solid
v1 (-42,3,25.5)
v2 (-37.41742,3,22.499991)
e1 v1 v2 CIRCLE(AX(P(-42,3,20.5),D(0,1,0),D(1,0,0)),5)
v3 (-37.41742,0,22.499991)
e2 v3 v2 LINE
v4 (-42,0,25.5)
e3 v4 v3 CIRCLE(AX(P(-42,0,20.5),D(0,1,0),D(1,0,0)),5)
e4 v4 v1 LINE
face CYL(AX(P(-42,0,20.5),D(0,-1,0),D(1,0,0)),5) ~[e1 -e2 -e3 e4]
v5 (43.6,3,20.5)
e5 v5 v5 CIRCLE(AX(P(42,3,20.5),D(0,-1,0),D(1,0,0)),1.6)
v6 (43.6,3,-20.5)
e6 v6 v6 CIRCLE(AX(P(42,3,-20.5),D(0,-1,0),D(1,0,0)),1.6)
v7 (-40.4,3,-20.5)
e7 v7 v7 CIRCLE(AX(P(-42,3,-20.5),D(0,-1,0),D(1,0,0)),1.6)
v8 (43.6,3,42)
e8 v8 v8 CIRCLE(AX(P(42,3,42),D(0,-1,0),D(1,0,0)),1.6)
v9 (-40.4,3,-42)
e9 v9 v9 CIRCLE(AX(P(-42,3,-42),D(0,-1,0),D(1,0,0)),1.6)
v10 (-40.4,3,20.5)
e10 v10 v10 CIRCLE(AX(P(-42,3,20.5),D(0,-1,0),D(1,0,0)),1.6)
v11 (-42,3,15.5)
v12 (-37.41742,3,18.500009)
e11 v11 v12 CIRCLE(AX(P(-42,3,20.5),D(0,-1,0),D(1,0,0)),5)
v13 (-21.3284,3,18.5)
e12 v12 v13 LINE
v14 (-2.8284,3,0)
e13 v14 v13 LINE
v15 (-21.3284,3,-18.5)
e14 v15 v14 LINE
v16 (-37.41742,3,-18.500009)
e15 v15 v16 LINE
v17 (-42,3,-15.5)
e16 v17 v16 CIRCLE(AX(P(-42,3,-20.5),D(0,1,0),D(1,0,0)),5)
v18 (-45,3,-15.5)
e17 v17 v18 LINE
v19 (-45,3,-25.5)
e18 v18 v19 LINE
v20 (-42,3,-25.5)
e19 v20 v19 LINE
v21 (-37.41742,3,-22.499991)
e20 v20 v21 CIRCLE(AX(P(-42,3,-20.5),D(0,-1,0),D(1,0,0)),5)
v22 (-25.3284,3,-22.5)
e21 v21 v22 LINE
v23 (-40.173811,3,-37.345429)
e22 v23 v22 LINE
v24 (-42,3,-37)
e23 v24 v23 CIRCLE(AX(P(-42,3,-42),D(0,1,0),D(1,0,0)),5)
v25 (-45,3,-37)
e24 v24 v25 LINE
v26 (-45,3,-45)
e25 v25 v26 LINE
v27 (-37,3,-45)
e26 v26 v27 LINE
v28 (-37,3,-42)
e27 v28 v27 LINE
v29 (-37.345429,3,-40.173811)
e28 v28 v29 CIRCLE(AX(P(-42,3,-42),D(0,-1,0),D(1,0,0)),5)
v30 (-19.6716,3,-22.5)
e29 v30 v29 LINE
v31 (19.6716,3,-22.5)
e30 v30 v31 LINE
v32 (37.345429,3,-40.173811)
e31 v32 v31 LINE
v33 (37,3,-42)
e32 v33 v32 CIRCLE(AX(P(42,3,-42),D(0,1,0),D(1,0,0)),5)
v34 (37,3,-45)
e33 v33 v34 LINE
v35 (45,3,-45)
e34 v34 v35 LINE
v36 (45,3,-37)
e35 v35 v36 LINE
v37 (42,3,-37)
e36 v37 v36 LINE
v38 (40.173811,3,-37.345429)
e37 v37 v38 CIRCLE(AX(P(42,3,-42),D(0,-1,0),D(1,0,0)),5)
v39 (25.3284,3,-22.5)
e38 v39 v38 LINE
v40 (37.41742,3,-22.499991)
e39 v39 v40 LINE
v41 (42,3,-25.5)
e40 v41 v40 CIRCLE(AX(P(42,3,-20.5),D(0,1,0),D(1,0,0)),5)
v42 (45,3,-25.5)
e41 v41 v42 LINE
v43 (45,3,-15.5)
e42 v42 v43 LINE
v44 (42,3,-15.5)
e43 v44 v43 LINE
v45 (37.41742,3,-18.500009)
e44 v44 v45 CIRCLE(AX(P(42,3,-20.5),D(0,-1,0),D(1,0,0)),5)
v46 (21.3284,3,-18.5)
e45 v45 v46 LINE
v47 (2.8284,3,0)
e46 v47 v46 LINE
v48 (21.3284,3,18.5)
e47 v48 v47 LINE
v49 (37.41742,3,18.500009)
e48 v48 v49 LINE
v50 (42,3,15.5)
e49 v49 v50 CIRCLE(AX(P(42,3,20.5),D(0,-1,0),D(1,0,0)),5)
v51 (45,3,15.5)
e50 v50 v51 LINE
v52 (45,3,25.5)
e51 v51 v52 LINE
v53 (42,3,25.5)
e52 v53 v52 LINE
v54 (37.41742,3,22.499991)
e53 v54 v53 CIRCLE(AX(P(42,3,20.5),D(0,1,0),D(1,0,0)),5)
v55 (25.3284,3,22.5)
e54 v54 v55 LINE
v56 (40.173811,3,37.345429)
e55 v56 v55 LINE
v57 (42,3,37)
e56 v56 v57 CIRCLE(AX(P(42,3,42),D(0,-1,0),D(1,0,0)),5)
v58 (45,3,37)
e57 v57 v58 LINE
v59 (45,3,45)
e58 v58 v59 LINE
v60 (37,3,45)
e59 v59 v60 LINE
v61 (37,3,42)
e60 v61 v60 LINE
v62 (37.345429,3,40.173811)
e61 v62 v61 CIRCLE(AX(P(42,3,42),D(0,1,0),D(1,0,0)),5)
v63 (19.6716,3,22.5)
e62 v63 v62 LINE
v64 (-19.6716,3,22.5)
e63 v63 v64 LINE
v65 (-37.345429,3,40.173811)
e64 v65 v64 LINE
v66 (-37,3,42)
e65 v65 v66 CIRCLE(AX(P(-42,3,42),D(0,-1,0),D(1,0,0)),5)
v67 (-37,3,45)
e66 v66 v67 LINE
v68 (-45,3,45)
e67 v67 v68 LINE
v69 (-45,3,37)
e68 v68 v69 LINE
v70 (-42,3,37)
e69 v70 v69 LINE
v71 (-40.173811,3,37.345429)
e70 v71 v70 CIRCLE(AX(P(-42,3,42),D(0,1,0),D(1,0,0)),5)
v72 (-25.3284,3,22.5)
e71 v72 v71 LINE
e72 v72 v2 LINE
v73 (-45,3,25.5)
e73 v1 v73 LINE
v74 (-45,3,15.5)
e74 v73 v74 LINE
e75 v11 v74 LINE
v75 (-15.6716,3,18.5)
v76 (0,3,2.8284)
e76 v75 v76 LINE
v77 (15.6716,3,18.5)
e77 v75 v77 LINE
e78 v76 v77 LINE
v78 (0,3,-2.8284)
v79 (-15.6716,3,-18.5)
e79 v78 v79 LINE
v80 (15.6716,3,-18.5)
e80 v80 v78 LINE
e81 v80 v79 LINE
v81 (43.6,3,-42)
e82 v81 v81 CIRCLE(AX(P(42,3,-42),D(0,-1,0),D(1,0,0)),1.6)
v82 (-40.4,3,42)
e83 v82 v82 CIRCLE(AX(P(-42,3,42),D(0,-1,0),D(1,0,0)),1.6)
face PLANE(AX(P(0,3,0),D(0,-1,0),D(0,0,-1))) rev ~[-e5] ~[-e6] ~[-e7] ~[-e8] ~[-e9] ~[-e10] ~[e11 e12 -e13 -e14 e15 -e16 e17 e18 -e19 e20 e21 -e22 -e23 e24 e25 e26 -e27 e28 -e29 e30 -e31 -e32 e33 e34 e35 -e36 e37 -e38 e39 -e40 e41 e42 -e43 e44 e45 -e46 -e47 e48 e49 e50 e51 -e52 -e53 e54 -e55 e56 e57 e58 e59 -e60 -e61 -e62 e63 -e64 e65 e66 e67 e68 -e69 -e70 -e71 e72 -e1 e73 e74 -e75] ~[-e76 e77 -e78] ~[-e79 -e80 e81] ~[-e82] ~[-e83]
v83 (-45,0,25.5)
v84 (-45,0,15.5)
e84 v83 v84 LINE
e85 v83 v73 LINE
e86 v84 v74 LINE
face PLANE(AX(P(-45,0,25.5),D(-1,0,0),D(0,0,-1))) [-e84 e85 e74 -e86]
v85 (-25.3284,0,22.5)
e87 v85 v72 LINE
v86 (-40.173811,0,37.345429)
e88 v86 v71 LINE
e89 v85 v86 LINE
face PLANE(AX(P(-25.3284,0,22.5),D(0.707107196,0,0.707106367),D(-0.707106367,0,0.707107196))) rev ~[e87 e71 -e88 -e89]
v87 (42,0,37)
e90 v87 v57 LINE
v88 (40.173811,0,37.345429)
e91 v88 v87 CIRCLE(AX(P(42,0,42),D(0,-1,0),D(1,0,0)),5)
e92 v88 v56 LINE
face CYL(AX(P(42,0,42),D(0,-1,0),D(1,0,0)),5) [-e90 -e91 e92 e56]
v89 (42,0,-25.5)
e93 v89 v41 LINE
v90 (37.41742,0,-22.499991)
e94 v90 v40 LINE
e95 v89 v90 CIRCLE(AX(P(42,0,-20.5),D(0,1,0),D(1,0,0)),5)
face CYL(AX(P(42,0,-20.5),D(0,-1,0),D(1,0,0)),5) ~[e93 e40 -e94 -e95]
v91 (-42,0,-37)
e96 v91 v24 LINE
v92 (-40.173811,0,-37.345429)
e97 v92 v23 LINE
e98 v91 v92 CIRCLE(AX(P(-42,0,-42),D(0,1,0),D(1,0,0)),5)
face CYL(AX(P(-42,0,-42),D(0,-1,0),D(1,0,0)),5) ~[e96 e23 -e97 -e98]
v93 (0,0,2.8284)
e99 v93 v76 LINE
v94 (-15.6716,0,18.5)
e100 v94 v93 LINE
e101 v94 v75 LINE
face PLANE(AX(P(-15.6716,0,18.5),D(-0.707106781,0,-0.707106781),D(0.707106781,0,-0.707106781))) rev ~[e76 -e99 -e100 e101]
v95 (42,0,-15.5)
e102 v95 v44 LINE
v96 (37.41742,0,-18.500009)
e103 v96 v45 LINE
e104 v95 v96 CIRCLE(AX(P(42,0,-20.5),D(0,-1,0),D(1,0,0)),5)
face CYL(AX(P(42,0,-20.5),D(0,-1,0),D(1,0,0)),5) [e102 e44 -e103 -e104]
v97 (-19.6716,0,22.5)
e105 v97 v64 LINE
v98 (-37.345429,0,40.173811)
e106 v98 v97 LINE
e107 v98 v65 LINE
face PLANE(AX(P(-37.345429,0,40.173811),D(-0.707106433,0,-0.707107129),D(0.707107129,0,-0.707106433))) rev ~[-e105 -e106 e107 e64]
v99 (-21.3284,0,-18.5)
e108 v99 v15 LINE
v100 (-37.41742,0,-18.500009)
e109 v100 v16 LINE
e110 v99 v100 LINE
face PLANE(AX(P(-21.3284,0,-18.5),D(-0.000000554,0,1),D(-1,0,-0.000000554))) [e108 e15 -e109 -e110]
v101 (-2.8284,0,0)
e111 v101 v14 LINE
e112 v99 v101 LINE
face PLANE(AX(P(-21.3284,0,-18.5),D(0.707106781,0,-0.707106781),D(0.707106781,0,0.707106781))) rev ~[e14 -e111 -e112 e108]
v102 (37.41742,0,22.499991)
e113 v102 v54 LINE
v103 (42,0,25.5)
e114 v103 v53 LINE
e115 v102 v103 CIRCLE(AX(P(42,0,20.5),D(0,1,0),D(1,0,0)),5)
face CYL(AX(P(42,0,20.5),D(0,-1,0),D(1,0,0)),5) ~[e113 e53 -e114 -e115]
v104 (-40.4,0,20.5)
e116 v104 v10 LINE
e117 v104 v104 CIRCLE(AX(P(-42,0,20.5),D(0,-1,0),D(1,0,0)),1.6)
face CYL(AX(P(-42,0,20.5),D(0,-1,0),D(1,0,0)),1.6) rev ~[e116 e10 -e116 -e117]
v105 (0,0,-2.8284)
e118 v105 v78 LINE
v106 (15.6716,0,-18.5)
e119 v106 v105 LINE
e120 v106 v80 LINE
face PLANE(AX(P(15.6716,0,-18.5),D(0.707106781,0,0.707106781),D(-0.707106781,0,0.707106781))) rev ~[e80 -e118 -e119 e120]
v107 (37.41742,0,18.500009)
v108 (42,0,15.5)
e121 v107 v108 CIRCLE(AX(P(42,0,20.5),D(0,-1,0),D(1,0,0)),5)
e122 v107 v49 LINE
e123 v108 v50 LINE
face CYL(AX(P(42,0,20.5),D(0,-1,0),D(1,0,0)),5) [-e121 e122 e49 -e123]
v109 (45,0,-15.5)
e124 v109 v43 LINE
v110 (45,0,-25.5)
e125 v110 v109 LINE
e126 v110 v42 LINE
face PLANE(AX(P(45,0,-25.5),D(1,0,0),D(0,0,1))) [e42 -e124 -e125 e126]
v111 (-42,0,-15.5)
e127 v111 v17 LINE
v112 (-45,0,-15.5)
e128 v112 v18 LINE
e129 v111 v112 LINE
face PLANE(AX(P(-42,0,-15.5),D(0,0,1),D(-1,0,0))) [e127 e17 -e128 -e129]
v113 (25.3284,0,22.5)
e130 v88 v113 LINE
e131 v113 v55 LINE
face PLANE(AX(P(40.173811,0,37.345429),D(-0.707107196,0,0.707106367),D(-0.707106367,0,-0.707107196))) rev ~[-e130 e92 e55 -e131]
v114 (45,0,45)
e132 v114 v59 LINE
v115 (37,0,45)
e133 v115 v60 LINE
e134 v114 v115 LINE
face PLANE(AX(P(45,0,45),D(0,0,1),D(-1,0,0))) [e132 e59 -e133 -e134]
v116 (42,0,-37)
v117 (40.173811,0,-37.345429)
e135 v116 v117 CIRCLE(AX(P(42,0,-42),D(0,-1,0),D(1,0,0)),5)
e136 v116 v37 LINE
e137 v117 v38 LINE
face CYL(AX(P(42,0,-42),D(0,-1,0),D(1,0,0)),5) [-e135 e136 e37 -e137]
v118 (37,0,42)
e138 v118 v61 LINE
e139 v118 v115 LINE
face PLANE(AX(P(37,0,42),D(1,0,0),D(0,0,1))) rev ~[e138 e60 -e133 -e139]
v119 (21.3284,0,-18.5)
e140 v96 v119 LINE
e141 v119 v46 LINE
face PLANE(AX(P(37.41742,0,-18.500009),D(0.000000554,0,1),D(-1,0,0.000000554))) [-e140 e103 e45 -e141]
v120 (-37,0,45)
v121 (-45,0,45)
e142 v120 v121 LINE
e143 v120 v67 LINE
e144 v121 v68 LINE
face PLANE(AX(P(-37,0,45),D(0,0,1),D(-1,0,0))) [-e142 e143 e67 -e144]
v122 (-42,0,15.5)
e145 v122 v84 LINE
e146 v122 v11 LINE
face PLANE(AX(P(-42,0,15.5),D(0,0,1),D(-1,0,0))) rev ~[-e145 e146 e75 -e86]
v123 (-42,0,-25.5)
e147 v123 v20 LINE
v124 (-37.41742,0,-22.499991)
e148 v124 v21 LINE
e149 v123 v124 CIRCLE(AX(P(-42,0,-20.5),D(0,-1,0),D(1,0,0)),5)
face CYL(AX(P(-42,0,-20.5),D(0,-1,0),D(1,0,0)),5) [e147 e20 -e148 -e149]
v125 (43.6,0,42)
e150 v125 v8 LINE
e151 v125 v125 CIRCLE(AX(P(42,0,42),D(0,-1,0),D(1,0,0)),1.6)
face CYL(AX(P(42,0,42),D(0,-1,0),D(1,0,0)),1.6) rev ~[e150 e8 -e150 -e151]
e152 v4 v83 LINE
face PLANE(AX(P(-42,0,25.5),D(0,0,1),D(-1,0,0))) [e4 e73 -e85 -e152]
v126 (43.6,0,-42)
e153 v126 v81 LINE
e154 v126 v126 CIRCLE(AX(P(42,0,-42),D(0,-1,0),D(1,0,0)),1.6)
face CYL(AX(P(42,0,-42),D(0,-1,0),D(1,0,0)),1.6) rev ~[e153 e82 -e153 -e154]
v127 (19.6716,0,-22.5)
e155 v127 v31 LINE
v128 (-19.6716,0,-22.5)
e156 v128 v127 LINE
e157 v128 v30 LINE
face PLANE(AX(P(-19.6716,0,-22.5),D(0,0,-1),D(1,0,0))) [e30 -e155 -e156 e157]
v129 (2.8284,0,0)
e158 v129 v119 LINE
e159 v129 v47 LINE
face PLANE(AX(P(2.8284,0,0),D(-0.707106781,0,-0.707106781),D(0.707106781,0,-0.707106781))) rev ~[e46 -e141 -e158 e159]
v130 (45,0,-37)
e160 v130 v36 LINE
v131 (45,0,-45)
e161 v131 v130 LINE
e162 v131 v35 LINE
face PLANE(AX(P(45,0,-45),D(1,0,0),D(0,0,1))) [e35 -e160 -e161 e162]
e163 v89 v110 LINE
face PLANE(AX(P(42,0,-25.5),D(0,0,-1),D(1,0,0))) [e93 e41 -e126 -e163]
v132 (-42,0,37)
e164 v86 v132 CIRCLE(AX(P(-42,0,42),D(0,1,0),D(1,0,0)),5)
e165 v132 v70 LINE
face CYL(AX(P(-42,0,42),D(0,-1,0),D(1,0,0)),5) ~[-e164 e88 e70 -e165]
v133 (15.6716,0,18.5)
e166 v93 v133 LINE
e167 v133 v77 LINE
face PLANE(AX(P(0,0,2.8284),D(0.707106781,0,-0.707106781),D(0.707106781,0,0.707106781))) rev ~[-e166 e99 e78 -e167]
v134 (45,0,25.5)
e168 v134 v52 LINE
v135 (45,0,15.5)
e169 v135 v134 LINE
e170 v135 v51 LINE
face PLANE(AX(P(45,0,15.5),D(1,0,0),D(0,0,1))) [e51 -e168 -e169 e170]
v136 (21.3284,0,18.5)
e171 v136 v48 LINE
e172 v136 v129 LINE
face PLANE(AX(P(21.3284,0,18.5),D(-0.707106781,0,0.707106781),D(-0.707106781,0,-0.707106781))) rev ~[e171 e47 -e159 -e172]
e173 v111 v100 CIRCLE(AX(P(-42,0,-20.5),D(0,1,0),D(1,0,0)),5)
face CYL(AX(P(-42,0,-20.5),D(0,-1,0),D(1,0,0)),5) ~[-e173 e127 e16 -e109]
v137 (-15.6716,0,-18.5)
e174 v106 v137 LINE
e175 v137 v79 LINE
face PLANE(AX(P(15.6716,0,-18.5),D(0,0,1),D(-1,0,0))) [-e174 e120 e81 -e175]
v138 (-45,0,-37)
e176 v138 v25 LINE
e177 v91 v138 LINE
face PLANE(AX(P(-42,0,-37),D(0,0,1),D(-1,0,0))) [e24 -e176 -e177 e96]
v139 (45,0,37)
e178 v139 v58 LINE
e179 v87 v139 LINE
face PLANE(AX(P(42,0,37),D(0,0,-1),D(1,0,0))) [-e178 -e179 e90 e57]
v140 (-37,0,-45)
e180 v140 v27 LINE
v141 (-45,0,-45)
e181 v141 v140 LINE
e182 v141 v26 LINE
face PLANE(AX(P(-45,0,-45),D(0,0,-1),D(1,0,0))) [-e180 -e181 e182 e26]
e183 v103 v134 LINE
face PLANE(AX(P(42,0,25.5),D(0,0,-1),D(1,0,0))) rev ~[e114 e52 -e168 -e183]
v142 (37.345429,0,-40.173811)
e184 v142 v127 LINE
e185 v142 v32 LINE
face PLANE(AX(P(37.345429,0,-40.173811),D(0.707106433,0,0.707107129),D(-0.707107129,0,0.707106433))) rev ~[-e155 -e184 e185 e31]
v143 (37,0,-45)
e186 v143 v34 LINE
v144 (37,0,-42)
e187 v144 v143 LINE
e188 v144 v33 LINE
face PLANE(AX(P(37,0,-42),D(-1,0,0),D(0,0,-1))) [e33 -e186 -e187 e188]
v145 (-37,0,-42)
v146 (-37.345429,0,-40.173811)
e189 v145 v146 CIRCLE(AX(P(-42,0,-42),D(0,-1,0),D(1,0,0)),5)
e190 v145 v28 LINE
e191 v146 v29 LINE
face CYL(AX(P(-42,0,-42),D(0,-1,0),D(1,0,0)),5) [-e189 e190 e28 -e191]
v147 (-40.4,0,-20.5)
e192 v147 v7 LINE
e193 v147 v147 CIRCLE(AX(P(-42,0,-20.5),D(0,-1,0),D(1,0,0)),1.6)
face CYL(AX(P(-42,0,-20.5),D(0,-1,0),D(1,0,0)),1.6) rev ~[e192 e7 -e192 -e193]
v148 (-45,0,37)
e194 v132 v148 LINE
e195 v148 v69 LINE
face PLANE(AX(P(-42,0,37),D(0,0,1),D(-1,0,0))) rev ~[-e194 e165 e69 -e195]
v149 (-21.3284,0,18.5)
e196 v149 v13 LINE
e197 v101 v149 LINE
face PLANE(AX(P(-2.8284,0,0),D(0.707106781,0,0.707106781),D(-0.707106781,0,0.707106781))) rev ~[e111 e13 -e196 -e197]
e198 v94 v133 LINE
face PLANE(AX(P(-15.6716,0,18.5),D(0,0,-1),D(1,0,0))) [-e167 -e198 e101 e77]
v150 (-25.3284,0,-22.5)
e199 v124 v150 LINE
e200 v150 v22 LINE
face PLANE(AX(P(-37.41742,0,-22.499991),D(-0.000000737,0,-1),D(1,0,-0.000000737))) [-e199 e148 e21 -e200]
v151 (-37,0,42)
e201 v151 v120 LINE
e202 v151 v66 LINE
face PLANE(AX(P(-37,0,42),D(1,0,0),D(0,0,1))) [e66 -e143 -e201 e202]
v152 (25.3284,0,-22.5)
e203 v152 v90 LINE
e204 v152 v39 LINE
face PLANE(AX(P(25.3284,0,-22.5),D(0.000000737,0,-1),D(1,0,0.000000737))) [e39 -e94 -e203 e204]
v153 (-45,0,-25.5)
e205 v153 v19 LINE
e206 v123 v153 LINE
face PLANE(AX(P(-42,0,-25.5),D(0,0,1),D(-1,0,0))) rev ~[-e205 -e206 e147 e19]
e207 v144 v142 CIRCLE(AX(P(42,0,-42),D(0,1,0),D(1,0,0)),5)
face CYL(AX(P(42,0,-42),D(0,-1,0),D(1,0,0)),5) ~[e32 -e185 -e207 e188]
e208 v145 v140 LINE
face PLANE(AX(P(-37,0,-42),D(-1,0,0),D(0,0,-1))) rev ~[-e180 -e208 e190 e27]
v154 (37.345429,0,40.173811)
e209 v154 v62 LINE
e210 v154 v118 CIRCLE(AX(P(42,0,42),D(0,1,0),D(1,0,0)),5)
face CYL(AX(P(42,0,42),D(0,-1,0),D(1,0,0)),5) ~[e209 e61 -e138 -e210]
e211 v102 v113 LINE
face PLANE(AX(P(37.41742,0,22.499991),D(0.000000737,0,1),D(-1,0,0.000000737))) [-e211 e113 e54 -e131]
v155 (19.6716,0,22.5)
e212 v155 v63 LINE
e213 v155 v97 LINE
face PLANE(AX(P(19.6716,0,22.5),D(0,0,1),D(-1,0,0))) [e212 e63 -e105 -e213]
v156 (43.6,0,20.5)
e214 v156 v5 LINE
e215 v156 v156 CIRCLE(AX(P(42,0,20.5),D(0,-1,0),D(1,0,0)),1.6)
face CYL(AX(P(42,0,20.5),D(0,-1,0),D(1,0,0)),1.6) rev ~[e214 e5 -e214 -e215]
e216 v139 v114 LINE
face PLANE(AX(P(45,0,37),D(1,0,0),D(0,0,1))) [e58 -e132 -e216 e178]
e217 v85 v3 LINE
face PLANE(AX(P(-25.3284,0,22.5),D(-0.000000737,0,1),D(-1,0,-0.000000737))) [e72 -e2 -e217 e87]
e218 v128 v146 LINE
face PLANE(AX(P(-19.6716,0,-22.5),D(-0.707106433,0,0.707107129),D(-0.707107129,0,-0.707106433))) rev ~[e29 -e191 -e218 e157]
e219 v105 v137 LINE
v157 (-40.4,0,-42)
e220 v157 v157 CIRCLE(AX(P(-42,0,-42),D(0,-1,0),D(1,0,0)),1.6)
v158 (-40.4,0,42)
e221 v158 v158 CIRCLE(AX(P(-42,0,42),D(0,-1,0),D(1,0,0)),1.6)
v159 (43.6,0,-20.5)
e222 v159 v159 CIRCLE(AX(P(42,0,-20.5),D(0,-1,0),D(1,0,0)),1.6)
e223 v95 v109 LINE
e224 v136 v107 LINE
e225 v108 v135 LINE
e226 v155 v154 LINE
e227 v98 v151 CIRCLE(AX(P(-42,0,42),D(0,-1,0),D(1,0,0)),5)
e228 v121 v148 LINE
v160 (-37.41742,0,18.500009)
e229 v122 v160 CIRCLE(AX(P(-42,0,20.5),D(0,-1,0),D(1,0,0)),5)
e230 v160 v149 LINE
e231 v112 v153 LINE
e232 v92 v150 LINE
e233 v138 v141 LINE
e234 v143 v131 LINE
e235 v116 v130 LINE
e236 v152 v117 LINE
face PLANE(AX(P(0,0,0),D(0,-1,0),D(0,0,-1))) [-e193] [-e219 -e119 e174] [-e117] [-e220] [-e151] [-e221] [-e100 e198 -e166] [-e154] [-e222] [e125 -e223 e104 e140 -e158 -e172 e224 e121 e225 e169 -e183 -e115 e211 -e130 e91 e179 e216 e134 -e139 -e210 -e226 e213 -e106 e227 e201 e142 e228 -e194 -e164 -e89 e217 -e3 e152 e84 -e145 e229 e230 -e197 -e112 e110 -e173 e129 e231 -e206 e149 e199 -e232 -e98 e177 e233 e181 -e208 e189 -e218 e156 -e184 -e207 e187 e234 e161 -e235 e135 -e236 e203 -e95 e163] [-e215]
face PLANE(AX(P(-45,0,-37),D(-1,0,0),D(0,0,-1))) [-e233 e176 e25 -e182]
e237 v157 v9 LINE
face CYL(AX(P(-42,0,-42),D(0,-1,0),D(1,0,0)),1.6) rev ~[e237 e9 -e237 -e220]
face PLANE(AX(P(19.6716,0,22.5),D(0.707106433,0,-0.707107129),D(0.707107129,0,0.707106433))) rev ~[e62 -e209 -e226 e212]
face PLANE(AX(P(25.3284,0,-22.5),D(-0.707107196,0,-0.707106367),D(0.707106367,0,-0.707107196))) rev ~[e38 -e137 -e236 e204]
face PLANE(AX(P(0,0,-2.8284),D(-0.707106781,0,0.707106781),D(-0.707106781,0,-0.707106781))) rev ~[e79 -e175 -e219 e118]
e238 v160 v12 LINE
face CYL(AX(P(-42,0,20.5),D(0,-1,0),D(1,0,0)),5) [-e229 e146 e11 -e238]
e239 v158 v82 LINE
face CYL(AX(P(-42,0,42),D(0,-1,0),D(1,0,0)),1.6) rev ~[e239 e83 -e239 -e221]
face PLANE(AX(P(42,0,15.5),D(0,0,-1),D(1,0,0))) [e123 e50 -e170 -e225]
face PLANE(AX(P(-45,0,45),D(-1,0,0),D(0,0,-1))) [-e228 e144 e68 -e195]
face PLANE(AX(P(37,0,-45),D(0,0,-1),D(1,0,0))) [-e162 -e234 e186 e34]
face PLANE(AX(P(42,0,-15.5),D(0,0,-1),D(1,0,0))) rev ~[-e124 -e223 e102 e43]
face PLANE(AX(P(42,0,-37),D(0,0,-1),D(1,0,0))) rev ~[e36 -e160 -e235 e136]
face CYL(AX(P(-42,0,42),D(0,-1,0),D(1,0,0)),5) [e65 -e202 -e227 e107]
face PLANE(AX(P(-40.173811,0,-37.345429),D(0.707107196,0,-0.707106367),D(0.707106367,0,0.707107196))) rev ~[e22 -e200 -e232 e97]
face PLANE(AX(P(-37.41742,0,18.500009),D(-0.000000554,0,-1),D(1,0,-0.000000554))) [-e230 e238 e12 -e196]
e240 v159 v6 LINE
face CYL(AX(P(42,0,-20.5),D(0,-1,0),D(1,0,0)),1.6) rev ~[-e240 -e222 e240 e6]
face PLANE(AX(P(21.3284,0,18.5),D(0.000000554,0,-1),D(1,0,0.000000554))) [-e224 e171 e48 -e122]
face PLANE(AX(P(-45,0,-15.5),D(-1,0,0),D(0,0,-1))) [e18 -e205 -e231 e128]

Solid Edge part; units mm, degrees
sketch "Sketch1" plane through (0, 0, 0) normal (0, -1, 0) x (1, 0, 0)
  line L0 (-45, -45) -> (-37, -45)
  line L1 (-37, -42) -> (-37, -45)
  line L2 (-19.6716, -22.5) -> (-37.3454, -40.1738)
  line L3 (-19.6716, -22.5) -> (19.6716, -22.5)
  line L4 (37.3454, -40.1738) -> (19.6716, -22.5)
  arc A0 (37, -42) -> (37.3454, -40.1738) centre (42, -42) cw
  line L5 (37, -42) -> (37, -45)
  line L6 (37, -45) -> (45, -45)
  line L7 (45, -45) -> (45, -37)
  line L8 (42, -37) -> (45, -37)
  line L9 (25.3284, -22.5) -> (40.1738, -37.3454)
  line L10 (25.3284, -22.5) -> (37.4174, -22.5)
  arc A1 (42, -25.5) -> (37.4174, -22.5) centre (42, -20.5) cw
  line L11 (42, -25.5) -> (45, -25.5)
  line L12 (45, -25.5) -> (45, -15.5)
  line L13 (42, -15.5) -> (45, -15.5)
  line L14 (37.4174, -18.5) -> (21.3284, -18.5)
  line L15 (2.8284, 0) -> (21.3284, -18.5)
  line L16 (21.3284, 18.5) -> (2.8284, 0)
  line L17 (21.3284, 18.5) -> (37.4174, 18.5)
  line L18 (42, 15.5) -> (45, 15.5)
  line L19 (45, 15.5) -> (45, 25.5)
  line L20 (42, 25.5) -> (45, 25.5)
  arc A2 (37.4174, 22.5) -> (42, 25.5) centre (42, 20.5) cw
  line L21 (37.4174, 22.5) -> (25.3284, 22.5)
  line L22 (40.1738, 37.3454) -> (25.3284, 22.5)
  line L23 (42, 37) -> (45, 37)
  line L24 (45, 37) -> (45, 45)
  line L25 (45, 45) -> (37, 45)
  line L26 (37, 42) -> (37, 45)
  arc A3 (37.3454, 40.1738) -> (37, 42) centre (42, 42) cw
  line L27 (19.6716, 22.5) -> (37.3454, 40.1738)
  line L28 (19.6716, 22.5) -> (-19.6716, 22.5)
  line L29 (-37.3454, 40.1738) -> (-19.6716, 22.5)
  line L30 (-37, 42) -> (-37, 45)
  line L31 (-37, 45) -> (-45, 45)
  line L32 (-45, 45) -> (-45, 37)
  line L33 (-42, 37) -> (-45, 37)
  arc A4 (-40.1738, 37.3454) -> (-42, 37) centre (-42, 42) cw
  line L34 (-25.3284, 22.5) -> (-40.1738, 37.3454)
  line L35 (-25.3284, 22.5) -> (-37.4174, 22.5)
  arc A5 (-42, 25.5) -> (-37.4174, 22.5) centre (-42, 20.5) cw
  line L36 (-42, 25.5) -> (-45, 25.5)
  line L37 (-45, 25.5) -> (-45, 15.5)
  line L38 (-42, 15.5) -> (-45, 15.5)
  line L39 (-37.4174, 18.5) -> (-21.3284, 18.5)
  line L40 (-2.8284, 0) -> (-21.3284, 18.5)
  line L41 (-21.3284, -18.5) -> (-2.8284, 0)
  line L42 (-21.3284, -18.5) -> (-37.4174, -18.5)
  arc A6 (-42, -15.5) -> (-37.4174, -18.5) centre (-42, -20.5) cw
  line L43 (-42, -15.5) -> (-45, -15.5)
  line L44 (-45, -15.5) -> (-45, -25.5)
  line L45 (-42, -25.5) -> (-45, -25.5)
  line L46 (-37.4174, -22.5) -> (-25.3284, -22.5)
  line L47 (-40.1738, -37.3454) -> (-25.3284, -22.5)
  arc A7 (-42, -37) -> (-40.1738, -37.3454) centre (-42, -42) cw
  line L48 (-42, -37) -> (-45, -37)
  line L49 (-45, -37) -> (-45, -45)
  arc A8 (-37, -42) -> (-37.3454, -40.1738) centre (-42, -42) ccw
  arc A9 (42, -37) -> (40.1738, -37.3454) centre (42, -42) ccw
  arc A10 (42, -15.5) -> (37.4174, -18.5) centre (42, -20.5) ccw
  arc A11 (37.4174, 18.5) -> (42, 15.5) centre (42, 20.5) ccw
  arc A12 (40.1738, 37.3454) -> (42, 37) centre (42, 42) ccw
  arc A13 (-37.3454, 40.1738) -> (-37, 42) centre (-42, 42) ccw
  arc A14 (-42, 15.5) -> (-37.4174, 18.5) centre (-42, 20.5) ccw
  arc A15 (-42, -25.5) -> (-37.4174, -22.5) centre (-42, -20.5) ccw
  circle A16 centre (-42, -42) radius 1.6
  circle A17 centre (42, -42) radius 1.6
  circle A18 centre (42, -20.5) radius 1.6
  circle A19 centre (-42, -20.5) radius 1.6
  circle A20 centre (-42, 20.5) radius 1.6
  circle A21 centre (-42, 42) radius 1.6
  circle A22 centre (42, 42) radius 1.6
  circle A23 centre (42, 20.5) radius 1.6
  line L50 (-15.6716, 18.5) -> (15.6716, 18.5)
  line L51 (0, 2.8284) -> (15.6716, 18.5)
  line L52 (-15.6716, 18.5) -> (0, 2.8284)
  line L53 (15.6716, -18.5) -> (-15.6716, -18.5)
  line L54 (0, -2.8284) -> (-15.6716, -18.5)
  line L55 (15.6716, -18.5) -> (0, -2.8284)
  dimension "D1" = 42
extrude "Protrusion1" add sketch "Sketch1" against normal blind 3
